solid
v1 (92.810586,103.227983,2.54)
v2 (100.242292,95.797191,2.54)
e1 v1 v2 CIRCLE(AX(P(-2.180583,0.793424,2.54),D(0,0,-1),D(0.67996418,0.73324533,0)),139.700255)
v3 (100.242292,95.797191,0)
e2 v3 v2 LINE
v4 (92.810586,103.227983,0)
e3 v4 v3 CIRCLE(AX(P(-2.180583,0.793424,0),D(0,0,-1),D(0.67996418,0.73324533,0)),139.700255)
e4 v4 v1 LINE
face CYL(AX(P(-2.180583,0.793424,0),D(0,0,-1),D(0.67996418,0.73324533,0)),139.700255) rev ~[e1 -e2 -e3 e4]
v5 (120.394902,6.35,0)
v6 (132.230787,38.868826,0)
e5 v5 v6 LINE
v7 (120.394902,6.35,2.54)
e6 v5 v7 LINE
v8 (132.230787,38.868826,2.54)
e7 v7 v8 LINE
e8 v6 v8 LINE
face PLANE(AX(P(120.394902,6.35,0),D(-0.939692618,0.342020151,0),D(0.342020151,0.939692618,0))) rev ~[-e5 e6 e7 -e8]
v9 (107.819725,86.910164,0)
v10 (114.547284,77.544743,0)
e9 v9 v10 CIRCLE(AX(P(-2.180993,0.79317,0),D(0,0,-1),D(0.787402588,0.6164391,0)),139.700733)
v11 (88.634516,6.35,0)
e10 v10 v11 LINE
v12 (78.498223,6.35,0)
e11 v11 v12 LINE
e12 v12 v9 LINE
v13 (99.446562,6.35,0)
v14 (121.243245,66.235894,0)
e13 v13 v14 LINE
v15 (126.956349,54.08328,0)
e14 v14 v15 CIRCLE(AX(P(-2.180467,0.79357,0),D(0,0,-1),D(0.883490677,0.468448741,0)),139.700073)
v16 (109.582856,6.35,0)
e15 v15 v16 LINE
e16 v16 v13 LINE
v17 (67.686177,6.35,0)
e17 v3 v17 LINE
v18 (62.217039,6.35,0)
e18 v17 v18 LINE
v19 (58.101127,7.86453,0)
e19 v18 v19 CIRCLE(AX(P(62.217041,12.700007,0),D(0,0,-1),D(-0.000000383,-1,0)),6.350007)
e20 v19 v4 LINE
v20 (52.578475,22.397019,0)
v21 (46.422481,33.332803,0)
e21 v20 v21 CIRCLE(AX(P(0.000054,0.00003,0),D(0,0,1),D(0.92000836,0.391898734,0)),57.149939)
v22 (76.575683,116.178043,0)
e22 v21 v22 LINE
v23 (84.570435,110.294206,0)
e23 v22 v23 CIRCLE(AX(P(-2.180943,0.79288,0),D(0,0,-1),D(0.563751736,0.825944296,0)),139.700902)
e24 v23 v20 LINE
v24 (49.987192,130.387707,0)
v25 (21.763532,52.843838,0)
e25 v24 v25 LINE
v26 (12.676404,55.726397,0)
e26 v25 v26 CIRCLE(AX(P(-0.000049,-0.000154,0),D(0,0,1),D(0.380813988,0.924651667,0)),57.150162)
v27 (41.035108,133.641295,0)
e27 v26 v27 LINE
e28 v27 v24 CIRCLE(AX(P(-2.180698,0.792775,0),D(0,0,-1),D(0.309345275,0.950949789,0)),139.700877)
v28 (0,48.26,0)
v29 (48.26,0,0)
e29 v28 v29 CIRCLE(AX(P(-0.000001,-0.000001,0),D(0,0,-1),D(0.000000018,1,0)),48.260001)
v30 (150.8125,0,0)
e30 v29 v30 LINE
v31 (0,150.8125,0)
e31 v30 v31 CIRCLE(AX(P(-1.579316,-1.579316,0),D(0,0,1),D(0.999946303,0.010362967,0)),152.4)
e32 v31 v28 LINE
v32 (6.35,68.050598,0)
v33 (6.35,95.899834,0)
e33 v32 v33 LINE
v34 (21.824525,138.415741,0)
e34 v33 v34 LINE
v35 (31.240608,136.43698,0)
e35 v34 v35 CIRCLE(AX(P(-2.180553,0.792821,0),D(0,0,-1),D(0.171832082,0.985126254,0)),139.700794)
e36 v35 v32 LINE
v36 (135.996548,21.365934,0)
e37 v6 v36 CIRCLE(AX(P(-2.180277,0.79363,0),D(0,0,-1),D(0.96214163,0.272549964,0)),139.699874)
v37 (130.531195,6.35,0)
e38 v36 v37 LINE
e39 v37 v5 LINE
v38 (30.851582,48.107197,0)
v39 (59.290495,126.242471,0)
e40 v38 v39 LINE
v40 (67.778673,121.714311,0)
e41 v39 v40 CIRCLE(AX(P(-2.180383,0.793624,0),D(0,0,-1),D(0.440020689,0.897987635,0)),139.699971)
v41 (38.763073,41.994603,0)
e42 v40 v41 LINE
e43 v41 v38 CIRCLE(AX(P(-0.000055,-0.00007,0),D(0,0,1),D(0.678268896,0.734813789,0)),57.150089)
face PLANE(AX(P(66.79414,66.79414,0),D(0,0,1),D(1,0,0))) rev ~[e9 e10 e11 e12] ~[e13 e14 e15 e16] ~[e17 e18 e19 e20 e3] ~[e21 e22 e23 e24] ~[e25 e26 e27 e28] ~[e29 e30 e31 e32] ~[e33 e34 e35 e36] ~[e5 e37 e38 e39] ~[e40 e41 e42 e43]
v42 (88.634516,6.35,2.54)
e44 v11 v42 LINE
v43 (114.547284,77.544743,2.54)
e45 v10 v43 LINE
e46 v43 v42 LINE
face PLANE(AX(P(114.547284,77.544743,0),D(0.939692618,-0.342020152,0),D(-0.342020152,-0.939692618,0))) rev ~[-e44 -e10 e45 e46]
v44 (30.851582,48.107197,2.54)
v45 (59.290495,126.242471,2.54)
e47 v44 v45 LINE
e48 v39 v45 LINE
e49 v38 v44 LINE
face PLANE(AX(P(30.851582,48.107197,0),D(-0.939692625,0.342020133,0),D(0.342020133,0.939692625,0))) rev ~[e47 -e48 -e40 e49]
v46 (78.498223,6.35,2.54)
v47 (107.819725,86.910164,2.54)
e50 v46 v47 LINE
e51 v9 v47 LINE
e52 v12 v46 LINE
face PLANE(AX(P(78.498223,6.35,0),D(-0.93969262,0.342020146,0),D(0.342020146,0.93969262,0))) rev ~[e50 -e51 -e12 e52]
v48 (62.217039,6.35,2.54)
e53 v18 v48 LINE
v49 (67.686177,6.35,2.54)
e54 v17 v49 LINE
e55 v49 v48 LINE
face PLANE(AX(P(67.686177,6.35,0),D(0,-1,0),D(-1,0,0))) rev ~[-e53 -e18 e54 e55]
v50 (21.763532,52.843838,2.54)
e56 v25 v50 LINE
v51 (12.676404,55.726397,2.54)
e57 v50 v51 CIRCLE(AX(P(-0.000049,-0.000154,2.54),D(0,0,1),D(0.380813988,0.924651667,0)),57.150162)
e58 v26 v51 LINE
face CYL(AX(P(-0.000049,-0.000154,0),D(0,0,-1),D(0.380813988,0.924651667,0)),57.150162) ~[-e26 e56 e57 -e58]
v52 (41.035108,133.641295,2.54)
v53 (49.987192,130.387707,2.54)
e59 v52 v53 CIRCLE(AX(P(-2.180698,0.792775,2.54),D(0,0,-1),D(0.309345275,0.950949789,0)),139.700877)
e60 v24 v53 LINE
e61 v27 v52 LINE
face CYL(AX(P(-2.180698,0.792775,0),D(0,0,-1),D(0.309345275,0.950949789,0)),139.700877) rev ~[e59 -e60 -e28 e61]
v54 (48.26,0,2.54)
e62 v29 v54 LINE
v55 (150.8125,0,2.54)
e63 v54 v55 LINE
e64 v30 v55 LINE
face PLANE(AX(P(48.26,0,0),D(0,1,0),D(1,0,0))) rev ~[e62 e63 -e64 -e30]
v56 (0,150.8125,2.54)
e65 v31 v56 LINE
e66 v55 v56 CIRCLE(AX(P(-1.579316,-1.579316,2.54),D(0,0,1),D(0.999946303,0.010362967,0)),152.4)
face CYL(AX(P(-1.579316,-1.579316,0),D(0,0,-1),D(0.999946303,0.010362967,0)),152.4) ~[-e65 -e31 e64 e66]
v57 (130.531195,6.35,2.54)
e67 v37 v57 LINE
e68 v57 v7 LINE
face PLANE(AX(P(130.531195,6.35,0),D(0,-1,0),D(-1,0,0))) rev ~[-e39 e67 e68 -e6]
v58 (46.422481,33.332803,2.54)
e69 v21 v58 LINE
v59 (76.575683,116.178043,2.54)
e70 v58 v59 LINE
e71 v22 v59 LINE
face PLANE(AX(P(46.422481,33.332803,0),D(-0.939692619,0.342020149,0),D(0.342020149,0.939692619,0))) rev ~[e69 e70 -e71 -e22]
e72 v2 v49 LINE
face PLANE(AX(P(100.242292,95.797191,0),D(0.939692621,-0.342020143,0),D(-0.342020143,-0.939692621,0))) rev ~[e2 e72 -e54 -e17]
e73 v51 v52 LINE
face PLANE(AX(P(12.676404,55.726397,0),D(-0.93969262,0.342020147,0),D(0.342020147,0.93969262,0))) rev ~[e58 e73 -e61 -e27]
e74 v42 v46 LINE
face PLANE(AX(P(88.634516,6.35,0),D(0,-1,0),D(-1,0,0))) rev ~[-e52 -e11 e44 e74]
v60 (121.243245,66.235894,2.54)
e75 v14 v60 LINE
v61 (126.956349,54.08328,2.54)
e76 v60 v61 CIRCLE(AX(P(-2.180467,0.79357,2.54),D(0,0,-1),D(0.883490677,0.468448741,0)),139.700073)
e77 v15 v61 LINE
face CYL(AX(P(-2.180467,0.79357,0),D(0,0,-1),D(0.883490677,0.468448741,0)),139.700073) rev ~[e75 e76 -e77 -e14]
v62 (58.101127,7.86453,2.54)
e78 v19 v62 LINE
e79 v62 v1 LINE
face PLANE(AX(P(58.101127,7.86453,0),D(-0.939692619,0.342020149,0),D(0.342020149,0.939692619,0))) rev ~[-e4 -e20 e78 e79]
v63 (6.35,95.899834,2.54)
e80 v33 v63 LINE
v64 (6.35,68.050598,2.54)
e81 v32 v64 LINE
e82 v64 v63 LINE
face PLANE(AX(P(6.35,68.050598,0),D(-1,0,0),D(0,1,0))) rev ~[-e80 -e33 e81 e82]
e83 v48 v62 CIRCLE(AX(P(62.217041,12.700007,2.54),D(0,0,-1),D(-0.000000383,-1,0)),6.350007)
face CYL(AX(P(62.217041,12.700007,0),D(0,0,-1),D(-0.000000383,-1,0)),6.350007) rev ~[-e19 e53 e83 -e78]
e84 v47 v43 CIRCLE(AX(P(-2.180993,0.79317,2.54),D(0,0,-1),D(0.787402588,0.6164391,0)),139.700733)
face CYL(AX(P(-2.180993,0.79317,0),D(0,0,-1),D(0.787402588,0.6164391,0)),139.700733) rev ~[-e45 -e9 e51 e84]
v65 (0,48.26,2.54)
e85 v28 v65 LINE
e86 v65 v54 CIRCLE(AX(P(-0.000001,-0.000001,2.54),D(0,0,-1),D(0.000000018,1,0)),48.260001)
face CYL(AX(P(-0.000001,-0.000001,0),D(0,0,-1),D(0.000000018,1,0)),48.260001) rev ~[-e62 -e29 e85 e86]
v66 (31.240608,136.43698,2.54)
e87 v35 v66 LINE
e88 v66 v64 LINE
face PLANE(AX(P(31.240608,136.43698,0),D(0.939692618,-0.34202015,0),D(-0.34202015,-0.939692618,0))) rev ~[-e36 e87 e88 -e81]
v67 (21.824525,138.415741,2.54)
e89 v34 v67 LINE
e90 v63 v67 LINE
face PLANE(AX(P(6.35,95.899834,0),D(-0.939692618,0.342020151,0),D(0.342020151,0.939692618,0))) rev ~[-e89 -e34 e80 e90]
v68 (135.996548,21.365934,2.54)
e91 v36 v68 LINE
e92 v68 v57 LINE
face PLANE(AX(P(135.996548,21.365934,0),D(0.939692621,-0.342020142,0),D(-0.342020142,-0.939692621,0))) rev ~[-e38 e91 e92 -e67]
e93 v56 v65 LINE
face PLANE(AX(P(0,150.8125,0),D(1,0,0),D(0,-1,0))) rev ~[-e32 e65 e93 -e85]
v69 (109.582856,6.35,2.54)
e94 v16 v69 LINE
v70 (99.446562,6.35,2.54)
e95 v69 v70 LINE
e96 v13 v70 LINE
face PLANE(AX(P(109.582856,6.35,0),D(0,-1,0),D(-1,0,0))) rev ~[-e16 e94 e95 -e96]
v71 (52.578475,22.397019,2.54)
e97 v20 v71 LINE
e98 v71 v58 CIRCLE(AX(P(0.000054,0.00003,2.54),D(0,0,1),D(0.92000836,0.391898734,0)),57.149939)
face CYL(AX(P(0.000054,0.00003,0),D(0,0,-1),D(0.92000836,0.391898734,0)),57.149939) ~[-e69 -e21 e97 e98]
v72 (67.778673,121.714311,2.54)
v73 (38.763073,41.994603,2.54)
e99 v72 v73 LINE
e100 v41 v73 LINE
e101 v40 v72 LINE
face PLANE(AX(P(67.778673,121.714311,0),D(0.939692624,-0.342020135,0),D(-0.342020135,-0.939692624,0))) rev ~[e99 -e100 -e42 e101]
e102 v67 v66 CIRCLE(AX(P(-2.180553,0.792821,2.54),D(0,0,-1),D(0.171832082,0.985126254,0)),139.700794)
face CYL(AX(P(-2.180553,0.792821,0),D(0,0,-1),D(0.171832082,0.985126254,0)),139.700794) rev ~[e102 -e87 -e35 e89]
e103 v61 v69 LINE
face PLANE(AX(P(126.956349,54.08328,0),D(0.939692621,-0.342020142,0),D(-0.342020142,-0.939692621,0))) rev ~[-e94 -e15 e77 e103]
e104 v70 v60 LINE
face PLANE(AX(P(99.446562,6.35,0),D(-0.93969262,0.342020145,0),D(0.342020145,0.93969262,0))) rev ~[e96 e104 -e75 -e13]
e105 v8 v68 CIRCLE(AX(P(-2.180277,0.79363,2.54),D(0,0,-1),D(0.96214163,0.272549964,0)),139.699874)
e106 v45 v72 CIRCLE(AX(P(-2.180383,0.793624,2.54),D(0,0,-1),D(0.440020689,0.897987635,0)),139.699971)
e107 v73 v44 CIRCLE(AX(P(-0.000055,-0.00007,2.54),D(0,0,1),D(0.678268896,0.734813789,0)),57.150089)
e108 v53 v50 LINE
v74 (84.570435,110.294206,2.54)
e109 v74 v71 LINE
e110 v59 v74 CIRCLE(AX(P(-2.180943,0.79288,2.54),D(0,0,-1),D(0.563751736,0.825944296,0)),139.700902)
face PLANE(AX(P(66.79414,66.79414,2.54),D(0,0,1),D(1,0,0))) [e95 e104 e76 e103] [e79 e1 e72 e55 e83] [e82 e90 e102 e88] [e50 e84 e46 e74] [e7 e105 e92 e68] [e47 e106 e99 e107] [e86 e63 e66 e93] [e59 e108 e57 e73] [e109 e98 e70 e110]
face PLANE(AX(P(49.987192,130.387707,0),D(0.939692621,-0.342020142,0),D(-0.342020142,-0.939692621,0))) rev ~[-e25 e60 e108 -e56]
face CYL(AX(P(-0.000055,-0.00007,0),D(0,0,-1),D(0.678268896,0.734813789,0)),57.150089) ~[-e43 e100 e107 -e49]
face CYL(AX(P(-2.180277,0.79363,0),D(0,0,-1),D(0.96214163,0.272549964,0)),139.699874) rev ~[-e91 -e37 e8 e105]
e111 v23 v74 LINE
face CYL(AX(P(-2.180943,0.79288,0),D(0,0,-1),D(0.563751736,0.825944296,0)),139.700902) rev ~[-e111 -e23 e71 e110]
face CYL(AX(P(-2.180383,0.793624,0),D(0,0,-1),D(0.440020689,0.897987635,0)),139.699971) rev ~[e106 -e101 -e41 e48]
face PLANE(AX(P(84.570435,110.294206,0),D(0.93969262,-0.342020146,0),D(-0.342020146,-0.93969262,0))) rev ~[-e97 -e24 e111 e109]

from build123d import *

# Parameters (mm, degrees)
F1_DEPTH = 2.54


with BuildPart() as f1:
    # F0 (on Top) → F1 (new body)
    with BuildSketch(Plane.XY):
        with BuildLine():
            ThreePointArc((0, 48.26), (34.124973, 34.124973), (48.26, 0))
            Line((48.26, 0), (150.8125, 0))
            ThreePointArc((150.8125, 0), (106.183757, 106.183757), (0, 150.8125))
            Line((0, 150.8125), (0, 48.26))
        make_face()
        with BuildLine():
            Line((84.570435, 110.294206), (52.578475, 22.397019))
            ThreePointArc((52.578475, 22.397019), (49.801558, 28.034396), (46.422481, 33.332803))
            Line((46.422481, 33.332803), (76.575683, 116.178043))
            ThreePointArc((76.575683, 116.178043), (80.625335, 113.307156), (84.570435, 110.294206))
        make_face(mode=Mode.SUBTRACT)
        with BuildLine():
            ThreePointArc((132.230787, 38.868826), (134.394344, 30.177768), (135.996548, 21.365934))
            Line((135.996548, 21.365934), (130.531195, 6.35))
            Line((130.531195, 6.35), (120.394902, 6.35))
            Line((120.394902, 6.35), (132.230787, 38.868826))
        make_face(mode=Mode.SUBTRACT)
        with BuildLine():
            Line((109.582856, 6.35), (99.446562, 6.35))
            Line((99.446562, 6.35), (121.243245, 66.235894))
            ThreePointArc((121.243245, 66.235894), (124.245901, 60.228273), (126.956349, 54.08328))
            Line((126.956349, 54.08328), (109.582856, 6.35))
        make_face(mode=Mode.SUBTRACT)
        with BuildLine():
            Line((67.686177, 6.35), (62.217039, 6.35))
            ThreePointArc((62.217039, 6.35), (60.02418, 6.740649), (58.101127, 7.86453))
            Line((58.101127, 7.86453), (92.810586, 103.227983))
            ThreePointArc((92.810586, 103.227983), (96.596339, 99.582496), (100.242292, 95.797191))
            Line((100.242292, 95.797191), (67.686177, 6.35))
        make_face(mode=Mode.SUBTRACT)
        with BuildLine():
            Line((88.634516, 6.35), (78.498223, 6.35))
            Line((78.498223, 6.35), (107.819725, 86.910164))
            ThreePointArc((107.819725, 86.910164), (111.280177, 82.296897), (114.547284, 77.544743))
            Line((114.547284, 77.544743), (88.634516, 6.35))
        make_face(mode=Mode.SUBTRACT)
        with BuildLine():
            ThreePointArc((21.763532, 52.843838), (17.280179, 54.474929), (12.676404, 55.726397))
            Line((12.676404, 55.726397), (41.035108, 133.641295))
            ThreePointArc((41.035108, 133.641295), (45.538887, 132.090819), (49.987192, 130.387707))
            Line((49.987192, 130.387707), (21.763532, 52.843838))
        make_face(mode=Mode.SUBTRACT)
        with BuildLine():
            Line((31.240608, 136.43698), (6.35, 68.050598))
            Line((6.35, 68.050598), (6.35, 95.899834))
            Line((6.35, 95.899834), (21.824525, 138.415741))
            ThreePointArc((21.824525, 138.415741), (26.549607, 137.50745), (31.240608, 136.43698))
        make_face(mode=Mode.SUBTRACT)
        with BuildLine():
            ThreePointArc((38.763073, 41.994603), (34.94125, 45.224236), (30.851582, 48.107197))
            Line((30.851582, 48.107197), (59.290495, 126.242471))
            ThreePointArc((59.290495, 126.242471), (63.573575, 124.05148), (67.778673, 121.714311))
            Line((67.778673, 121.714311), (38.763073, 41.994603))
        make_face(mode=Mode.SUBTRACT)
    extrude(amount=F1_DEPTH)


solid = f1.part
